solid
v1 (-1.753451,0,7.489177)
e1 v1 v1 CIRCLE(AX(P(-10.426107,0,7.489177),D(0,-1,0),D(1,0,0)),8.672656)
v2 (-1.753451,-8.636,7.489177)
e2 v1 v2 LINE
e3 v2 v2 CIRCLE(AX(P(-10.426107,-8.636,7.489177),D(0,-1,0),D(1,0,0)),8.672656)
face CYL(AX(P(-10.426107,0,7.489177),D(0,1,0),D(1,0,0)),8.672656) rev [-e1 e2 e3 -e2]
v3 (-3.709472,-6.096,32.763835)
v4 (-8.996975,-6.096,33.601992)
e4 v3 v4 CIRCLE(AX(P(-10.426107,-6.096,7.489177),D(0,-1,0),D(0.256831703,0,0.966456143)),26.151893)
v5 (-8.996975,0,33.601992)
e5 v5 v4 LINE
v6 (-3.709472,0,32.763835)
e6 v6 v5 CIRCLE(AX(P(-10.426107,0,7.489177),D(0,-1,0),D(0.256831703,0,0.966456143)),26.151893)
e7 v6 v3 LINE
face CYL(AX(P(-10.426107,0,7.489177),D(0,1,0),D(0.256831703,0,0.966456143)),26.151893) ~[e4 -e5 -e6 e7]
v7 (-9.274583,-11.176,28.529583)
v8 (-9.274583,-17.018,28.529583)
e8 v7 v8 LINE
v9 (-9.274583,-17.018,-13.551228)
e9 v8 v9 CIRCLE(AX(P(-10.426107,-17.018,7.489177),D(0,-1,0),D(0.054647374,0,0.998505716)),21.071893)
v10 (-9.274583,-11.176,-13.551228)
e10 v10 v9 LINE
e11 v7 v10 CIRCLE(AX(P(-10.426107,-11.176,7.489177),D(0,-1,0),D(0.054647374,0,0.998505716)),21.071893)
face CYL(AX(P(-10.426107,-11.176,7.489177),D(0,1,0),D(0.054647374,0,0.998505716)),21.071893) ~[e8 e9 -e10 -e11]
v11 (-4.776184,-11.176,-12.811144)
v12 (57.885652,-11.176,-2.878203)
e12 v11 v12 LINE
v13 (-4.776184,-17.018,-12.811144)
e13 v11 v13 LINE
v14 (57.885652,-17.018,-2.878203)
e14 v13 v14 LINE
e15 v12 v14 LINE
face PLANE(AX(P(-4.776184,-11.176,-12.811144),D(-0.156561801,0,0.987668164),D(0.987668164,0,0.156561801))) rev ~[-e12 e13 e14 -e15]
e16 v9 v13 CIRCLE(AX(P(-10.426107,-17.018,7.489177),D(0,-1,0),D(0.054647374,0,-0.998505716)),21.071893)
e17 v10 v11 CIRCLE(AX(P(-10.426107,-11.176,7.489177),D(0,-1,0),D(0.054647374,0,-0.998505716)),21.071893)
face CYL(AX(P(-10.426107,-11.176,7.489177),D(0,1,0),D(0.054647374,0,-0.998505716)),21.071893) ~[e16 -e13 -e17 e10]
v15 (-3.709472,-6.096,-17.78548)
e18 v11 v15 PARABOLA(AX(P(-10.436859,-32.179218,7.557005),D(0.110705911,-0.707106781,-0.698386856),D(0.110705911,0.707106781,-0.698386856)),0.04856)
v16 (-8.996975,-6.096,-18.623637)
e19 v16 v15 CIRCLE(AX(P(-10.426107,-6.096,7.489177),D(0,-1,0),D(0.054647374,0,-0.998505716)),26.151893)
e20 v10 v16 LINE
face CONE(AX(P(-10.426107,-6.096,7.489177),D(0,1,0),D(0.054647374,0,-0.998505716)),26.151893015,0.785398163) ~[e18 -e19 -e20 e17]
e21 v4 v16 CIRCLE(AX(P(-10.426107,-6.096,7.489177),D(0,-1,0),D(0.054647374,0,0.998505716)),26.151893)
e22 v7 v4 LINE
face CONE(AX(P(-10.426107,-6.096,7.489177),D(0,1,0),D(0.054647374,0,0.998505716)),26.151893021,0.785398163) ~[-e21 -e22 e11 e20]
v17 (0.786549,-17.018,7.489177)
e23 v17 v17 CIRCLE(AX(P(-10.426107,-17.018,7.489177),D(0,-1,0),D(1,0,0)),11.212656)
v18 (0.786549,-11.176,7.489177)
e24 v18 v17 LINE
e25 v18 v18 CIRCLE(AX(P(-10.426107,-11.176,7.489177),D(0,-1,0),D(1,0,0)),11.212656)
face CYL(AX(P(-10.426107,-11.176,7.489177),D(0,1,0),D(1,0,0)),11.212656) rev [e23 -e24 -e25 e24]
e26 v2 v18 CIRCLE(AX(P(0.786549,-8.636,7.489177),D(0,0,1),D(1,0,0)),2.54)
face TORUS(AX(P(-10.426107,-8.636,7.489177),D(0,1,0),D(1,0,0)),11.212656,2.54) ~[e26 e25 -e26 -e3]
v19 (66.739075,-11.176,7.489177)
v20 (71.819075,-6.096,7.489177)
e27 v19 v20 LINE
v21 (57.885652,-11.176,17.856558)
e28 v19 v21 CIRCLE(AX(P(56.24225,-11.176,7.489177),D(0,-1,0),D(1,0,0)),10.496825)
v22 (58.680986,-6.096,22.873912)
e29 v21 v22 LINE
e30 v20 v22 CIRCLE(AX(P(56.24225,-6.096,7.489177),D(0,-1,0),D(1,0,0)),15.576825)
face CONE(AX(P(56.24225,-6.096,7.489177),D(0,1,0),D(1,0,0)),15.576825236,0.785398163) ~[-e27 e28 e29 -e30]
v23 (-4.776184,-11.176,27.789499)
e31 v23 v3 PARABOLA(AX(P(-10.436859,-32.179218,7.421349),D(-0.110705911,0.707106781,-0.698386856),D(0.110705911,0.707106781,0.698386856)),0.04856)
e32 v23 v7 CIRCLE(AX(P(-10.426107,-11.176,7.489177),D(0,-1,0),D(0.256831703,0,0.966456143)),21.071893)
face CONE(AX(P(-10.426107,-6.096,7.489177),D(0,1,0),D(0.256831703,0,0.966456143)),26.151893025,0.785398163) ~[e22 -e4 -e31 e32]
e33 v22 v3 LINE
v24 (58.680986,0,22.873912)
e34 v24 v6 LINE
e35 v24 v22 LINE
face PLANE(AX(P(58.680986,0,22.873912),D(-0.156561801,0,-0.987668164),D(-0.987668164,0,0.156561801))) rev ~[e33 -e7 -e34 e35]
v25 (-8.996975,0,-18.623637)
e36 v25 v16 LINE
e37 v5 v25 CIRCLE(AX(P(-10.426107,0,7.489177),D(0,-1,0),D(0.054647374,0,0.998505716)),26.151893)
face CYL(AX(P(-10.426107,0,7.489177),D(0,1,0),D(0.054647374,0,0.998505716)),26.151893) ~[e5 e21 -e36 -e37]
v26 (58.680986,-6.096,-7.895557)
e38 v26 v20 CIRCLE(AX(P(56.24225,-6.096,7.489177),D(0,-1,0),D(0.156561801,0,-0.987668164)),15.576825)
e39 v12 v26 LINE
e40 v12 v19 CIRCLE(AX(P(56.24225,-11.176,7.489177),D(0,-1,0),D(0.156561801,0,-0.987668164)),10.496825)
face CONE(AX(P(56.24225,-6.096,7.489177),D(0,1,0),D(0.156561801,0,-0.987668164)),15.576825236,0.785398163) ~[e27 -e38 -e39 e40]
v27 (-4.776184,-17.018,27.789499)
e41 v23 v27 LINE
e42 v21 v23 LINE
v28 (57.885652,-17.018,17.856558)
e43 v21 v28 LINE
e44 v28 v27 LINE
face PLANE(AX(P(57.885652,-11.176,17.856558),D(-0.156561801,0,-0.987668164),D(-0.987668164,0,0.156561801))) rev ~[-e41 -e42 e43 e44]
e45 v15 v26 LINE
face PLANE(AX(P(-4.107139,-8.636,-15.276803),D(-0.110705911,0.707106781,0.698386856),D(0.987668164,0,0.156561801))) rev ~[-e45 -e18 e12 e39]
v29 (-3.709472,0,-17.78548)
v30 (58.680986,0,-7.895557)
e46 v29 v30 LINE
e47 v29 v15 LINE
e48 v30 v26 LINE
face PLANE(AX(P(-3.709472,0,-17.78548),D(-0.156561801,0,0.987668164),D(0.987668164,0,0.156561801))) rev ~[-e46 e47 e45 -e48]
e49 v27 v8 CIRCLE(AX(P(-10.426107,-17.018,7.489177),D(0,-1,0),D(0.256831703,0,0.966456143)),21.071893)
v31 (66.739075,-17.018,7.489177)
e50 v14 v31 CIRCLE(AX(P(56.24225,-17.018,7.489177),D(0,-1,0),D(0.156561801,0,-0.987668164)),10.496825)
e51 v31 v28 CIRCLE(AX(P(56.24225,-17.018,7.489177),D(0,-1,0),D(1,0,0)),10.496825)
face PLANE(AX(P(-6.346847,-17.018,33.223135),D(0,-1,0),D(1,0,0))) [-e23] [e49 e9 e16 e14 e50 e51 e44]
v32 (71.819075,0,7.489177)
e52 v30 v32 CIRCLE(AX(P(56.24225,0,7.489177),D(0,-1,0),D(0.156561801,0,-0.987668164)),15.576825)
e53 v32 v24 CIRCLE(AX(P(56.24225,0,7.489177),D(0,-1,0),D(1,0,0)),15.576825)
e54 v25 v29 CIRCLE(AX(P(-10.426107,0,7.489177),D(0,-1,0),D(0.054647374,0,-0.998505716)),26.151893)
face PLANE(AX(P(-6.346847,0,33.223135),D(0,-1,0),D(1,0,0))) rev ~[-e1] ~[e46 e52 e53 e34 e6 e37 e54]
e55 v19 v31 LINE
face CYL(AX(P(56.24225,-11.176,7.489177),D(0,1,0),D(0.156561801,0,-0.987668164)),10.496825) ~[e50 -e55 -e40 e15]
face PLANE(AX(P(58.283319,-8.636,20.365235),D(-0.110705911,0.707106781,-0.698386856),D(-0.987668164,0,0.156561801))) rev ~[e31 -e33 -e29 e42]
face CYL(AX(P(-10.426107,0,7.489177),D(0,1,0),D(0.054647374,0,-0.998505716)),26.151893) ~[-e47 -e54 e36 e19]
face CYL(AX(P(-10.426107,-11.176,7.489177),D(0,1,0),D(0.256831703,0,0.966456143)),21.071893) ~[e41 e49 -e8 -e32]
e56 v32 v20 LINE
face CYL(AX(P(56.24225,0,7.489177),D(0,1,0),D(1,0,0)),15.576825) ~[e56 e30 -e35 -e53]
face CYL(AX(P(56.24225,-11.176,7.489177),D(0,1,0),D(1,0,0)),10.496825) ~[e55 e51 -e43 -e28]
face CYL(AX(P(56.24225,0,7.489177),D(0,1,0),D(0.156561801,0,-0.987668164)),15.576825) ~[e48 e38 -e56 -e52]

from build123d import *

# Parameters (mm, degrees)
F0_R     = 8.6726561419
F1_DEPTH = 11.176
F2_R     = 2.54
F3_SIZE  = 5.08
F4_DEPTH = 5.842


with BuildPart() as f1:
    # F0 (on Front) → F1 (new body)
    with BuildSketch(Plane.XZ):
        with BuildLine():
            ThreePointArc((-3.7094716517, 32.7638350621), (-6.3317193926, 33.3185695674), (-8.9969745918, 33.6019920596))
            Line((-8.9969745918, 33.6019920596), (-3.7094716517, 32.7638350621))
        make_face()
        with BuildLine():
            Line((-3.7094716517, -17.7854802654), (-8.9969745918, -18.6236372628))
            ThreePointArc((-8.9969745918, -18.6236372628), (-6.3317193926, -18.3402147707), (-3.7094716517, -17.7854802654))
        make_face()
        with BuildLine():
            Line((58.6809857184, 22.8739117825), (-3.7094716517, 32.7638350621))
            ThreePointArc((-3.7094716517, 32.7638350621), (10.3052007911, 23.4307705289), (15.7257861582, 7.4891773984))
            ThreePointArc((15.7257861582, 7.4891773984), (10.3052007911, -8.4524157321), (-3.7094716517, -17.7854802654))
            Line((-3.7094716517, -17.7854802654), (58.6809857184, -7.8955569857))
            ThreePointArc((58.6809857184, -7.8955569857), (40.6654246701, 7.4891773984), (58.6809857184, 22.8739117825))
        make_face()
        with BuildLine():
            ThreePointArc((71.819075142, 7.4891773984), (68.087612838, 17.6047525893), (58.6809857184, 22.8739117825))
            ThreePointArc((58.6809857184, 22.8739117825), (40.6654246701, 7.4891773984), (58.6809857184, -7.8955569857))
            ThreePointArc((58.6809857184, -7.8955569857), (68.087612838, -2.6263977925), (71.819075142, 7.4891773984))
        make_face()
        with BuildLine():
            Line((-3.7094716517, 32.7638350621), (-8.9969745918, 33.6019920596))
            ThreePointArc((-8.9969745918, 33.6019920596), (-36.5779998836, 7.4891773984), (-8.9969745918, -18.6236372628))
            Line((-8.9969745918, -18.6236372628), (-3.7094716517, -17.7854802654))
            ThreePointArc((-3.7094716517, -17.7854802654), (10.3052007911, -8.4524157321), (15.7257861582, 7.4891773984))
            ThreePointArc((15.7257861582, 7.4891773984), (10.3052007911, 23.4307705289), (-3.7094716517, 32.7638350621))
        make_face()
        with Locations((-10.4261068627, 7.4891773984)):
            Circle(F0_R, mode=Mode.SUBTRACT)
    extrude(amount=F1_DEPTH)

    # F2
    f2_edges = [f1.edges().sort_by_distance(p)[0] for p in [
        (-19.098763, -11.176, 7.489177),
    ]]
    fillet(f2_edges, radius=F2_R)

    # F3
    f3_edges = [f1.edges().sort_by_distance(p)[0] for p in [
        (27.485757, -11.176, -12.840519),
        (-21.638763, -11.176, 7.489177),
        (-36.578, -11.176, 7.489177),
        (71.819075, -11.176, 7.489177),
        (27.485757, -11.176, 27.818873),
    ]]
    chamfer(f3_edges, length=F3_SIZE)

    # F4 (add): a face of the model
    f4_faces = [f1.faces().sort_by_distance(p)[0] for p in [
        (16.1234060629, -11.176, 7.4891773984),
    ]]
    extrude(f4_faces, amount=F4_DEPTH)


solid = f1.part
